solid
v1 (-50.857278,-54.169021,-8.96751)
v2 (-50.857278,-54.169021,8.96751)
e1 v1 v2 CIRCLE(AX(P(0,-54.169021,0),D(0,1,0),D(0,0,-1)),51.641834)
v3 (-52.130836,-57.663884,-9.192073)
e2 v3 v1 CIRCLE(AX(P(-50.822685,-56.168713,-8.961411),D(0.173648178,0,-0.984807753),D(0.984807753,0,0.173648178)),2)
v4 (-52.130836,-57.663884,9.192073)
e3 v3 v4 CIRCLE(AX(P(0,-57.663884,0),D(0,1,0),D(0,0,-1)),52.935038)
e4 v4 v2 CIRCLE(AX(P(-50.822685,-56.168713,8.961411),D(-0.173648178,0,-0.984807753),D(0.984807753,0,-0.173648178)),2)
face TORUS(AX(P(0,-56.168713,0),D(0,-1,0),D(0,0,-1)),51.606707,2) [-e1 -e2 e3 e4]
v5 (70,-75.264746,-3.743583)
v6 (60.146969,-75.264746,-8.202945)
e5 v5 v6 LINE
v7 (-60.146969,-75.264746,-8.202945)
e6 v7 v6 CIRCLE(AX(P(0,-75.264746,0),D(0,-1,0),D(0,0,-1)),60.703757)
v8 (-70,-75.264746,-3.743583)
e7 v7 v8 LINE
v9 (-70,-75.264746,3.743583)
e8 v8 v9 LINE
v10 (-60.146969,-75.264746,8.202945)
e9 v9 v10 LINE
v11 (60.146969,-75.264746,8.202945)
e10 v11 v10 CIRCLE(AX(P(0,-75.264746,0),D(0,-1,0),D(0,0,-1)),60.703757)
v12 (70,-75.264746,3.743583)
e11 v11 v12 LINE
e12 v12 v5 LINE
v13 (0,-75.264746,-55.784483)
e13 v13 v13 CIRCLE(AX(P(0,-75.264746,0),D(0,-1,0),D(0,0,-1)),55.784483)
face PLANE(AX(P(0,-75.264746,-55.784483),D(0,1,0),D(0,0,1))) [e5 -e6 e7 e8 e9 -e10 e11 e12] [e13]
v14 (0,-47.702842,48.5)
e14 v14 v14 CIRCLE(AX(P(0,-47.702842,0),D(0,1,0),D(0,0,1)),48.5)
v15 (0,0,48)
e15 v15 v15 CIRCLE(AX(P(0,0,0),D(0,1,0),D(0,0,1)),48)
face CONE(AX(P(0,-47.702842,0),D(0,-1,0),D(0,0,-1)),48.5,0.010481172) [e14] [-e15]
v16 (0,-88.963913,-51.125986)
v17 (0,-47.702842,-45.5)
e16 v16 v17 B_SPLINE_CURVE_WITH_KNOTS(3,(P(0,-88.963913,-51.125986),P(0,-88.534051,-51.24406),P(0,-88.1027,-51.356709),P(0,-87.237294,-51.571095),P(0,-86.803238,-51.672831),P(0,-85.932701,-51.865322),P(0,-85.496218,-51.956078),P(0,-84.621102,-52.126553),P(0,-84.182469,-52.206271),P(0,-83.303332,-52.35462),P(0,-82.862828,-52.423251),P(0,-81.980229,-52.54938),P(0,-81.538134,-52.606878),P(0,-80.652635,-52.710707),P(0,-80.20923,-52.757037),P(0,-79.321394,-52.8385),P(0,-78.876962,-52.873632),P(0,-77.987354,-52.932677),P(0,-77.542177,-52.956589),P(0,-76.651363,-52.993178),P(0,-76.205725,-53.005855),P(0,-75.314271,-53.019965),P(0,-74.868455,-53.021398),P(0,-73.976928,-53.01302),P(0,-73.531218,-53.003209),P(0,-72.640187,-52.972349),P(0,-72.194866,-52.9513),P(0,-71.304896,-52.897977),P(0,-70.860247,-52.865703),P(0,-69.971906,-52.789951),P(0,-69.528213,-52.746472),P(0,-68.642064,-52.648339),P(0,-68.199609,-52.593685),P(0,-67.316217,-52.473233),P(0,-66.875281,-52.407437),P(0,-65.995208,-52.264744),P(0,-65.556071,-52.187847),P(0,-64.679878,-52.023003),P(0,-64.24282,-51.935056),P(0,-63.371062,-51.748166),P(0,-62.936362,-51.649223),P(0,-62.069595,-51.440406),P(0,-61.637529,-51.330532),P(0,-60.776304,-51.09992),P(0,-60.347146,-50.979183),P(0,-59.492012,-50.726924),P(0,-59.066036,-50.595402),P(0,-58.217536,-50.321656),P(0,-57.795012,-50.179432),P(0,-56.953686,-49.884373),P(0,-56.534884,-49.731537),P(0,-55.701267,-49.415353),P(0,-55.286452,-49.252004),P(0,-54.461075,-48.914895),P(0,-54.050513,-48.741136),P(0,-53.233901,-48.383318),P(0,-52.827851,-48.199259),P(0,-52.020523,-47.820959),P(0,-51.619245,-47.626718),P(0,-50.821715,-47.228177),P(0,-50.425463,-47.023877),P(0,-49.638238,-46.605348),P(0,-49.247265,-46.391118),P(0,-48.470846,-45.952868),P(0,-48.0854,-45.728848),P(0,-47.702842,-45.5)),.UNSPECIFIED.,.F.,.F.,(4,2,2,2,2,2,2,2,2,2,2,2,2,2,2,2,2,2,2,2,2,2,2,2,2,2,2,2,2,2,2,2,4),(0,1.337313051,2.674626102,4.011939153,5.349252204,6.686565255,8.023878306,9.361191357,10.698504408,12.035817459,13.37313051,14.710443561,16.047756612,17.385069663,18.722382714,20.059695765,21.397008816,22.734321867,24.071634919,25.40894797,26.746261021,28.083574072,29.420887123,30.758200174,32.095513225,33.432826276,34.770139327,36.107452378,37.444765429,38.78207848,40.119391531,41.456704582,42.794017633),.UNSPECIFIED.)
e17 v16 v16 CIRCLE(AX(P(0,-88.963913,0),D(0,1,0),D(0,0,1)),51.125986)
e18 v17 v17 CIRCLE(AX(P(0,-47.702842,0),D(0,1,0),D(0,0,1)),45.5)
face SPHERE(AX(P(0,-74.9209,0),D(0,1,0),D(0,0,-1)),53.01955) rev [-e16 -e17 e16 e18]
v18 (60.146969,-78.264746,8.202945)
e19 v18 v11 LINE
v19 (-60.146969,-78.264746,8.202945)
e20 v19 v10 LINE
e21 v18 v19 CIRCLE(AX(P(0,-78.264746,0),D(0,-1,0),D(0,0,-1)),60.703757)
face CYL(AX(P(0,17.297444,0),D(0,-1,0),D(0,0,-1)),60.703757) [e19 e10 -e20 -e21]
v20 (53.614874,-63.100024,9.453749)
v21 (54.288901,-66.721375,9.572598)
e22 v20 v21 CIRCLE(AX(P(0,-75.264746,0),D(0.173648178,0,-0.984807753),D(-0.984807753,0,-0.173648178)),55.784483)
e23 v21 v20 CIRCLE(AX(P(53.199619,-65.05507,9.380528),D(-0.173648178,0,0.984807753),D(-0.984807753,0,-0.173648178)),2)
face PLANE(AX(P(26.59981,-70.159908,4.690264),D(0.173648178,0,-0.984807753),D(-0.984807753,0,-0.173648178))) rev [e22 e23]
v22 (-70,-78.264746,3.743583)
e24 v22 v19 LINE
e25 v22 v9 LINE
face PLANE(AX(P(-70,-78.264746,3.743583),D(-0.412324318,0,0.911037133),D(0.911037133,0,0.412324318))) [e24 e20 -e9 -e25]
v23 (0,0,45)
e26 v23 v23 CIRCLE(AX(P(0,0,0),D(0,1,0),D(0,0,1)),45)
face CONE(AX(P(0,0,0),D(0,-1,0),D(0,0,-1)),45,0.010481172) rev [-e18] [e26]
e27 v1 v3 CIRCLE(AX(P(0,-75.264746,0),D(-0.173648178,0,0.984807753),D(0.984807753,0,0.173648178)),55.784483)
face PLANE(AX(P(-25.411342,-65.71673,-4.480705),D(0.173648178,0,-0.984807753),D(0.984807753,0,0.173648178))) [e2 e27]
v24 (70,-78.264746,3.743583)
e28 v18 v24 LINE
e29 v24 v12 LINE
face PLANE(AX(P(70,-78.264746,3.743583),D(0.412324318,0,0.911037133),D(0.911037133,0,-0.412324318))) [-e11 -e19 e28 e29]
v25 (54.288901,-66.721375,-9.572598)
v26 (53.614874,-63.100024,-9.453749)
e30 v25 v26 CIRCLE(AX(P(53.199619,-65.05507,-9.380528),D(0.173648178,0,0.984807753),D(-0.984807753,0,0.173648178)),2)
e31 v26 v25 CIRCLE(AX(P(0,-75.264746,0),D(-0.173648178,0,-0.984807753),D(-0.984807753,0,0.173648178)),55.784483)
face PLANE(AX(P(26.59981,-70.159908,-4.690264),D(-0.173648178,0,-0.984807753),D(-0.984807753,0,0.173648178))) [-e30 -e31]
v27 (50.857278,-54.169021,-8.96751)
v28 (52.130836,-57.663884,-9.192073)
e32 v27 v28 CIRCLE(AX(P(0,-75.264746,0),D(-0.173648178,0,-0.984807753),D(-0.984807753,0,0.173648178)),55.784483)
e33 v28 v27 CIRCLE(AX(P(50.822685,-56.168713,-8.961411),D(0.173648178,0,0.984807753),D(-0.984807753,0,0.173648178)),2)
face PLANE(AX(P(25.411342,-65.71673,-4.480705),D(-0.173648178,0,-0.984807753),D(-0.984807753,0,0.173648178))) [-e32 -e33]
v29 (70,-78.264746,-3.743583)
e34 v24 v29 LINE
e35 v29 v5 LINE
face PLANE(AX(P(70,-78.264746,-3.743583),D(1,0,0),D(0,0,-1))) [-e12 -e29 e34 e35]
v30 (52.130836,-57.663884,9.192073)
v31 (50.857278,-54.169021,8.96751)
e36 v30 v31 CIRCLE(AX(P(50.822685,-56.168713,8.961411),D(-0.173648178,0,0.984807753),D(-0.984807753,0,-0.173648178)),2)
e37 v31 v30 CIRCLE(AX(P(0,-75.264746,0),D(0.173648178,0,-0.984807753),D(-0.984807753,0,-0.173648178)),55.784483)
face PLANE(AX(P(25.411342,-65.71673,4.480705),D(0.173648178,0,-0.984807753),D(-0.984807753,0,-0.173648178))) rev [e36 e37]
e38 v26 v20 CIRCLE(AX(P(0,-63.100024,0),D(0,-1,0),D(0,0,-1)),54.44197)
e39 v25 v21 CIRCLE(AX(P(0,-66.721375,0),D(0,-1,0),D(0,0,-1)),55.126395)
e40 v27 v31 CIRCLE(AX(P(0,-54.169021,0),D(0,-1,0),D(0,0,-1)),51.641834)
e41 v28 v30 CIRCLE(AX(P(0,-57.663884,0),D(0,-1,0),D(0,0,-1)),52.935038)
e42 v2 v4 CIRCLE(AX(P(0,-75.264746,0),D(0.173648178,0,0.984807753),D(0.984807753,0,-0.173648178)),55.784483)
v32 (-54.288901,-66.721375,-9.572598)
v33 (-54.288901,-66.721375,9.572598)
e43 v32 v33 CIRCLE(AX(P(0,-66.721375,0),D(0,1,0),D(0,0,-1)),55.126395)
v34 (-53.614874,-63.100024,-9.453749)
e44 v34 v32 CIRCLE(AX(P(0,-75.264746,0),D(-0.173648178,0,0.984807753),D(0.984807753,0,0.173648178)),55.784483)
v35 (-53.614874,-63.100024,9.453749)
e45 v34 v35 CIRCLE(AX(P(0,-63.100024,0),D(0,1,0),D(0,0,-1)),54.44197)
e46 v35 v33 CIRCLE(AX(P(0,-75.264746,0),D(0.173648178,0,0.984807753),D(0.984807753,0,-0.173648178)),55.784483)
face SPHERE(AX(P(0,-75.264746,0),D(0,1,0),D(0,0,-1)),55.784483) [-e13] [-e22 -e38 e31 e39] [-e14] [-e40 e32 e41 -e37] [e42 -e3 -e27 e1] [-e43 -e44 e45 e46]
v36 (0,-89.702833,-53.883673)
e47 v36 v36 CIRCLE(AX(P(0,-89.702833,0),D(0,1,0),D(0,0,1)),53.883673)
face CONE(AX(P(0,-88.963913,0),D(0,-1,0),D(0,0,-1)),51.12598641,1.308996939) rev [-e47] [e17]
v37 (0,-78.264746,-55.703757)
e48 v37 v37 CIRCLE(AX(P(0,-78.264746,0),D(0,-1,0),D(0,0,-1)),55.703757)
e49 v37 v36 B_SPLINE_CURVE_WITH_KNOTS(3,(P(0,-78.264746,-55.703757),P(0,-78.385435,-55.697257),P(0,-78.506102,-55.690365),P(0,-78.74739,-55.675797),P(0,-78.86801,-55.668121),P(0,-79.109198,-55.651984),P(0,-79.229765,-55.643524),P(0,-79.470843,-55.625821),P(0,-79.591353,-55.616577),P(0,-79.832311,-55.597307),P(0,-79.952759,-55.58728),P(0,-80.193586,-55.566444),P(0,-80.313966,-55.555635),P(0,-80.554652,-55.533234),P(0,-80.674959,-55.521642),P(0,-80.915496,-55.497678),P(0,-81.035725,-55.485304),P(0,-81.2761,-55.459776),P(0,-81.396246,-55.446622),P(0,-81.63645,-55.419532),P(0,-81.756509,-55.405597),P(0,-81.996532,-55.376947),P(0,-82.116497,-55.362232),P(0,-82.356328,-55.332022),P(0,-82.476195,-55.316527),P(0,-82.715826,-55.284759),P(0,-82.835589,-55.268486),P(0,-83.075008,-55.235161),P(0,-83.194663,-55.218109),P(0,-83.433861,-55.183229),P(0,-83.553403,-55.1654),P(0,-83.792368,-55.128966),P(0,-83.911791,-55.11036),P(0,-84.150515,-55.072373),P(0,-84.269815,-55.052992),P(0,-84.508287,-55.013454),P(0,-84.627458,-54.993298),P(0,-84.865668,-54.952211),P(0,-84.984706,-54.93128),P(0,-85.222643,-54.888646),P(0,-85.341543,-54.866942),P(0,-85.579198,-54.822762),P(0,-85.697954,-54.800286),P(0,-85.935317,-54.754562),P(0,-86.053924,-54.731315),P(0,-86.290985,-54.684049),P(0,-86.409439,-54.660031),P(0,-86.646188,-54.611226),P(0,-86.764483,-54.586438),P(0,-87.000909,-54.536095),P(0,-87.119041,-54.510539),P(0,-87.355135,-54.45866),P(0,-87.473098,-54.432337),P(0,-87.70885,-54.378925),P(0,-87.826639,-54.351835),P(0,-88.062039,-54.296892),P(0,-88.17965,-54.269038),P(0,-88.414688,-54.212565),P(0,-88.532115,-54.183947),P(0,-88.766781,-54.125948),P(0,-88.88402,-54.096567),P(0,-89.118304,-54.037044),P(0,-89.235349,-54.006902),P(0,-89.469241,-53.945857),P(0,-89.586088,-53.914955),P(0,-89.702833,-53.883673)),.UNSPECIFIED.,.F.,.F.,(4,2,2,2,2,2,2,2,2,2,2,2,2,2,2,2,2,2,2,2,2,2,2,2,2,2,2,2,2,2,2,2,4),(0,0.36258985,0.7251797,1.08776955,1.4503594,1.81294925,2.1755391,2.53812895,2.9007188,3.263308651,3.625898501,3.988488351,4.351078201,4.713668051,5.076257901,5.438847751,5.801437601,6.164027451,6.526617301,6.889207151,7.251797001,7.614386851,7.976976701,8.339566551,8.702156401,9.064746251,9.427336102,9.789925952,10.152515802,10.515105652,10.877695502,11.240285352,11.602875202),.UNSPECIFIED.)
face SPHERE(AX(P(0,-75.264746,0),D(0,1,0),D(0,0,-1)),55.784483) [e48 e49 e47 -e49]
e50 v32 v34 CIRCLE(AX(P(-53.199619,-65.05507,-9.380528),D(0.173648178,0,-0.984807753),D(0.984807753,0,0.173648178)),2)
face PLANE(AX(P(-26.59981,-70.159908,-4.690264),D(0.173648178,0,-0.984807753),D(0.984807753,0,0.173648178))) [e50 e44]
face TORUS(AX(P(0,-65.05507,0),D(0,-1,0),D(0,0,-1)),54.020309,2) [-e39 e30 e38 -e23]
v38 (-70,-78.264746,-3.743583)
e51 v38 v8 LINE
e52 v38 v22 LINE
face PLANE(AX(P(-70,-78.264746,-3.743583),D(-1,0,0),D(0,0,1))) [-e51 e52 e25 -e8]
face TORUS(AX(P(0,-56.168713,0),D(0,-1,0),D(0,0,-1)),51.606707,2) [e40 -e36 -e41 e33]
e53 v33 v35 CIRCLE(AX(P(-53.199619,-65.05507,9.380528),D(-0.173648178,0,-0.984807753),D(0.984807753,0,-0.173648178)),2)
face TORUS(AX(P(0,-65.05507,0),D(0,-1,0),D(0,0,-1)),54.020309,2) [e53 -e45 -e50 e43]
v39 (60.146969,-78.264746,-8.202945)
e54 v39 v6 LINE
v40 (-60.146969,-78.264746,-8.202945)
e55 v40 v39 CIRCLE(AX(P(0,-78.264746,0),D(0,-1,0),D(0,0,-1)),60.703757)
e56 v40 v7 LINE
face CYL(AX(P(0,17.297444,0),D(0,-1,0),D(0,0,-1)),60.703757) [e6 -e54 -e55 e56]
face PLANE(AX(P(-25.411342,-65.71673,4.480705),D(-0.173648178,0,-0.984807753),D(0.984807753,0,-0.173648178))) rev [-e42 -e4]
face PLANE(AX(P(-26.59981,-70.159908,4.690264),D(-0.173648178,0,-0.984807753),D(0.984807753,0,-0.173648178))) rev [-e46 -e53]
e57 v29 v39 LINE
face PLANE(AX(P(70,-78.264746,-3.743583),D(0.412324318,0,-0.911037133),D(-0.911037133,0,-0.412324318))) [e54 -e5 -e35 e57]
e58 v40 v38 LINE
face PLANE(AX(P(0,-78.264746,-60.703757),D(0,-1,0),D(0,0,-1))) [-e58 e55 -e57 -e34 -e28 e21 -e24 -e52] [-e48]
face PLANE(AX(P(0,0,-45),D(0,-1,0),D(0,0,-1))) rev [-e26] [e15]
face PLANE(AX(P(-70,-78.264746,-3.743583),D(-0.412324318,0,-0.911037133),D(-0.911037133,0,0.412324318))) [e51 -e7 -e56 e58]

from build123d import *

# Parameters (mm, degrees)
BOSS_EXTRUDE1_DEPTH = 3
REVOLVE3_ANGLE      = 20


with BuildPart() as part:
    # Sketch2 → Revolve1 (revolve)
    with BuildSketch(Plane(origin=(0, 0, 0), x_dir=(0, 0, -1), z_dir=(1, 0, 0))):
        with BuildLine():
            Line((45.5, -47.702841719), (45, 0))
            Line((45, 0), (48, 0))
            Line((48, 0), (48.5, -47.702841719))
            ThreePointArc((48.5, -47.702841719), (55.331762509, -68.172170296), (53.883673101, -89.702832813))
            Line((53.883673101, -89.702832813), (51.12598641, -88.963912891))
            ThreePointArc((51.12598641, -88.963912891), (52.533458966, -67.757912773), (45.5, -47.702841719))
        make_face()
    revolve(axis=Axis((0, 50.355486862, 0), (0, -1, 0)))

    # Sketch3 → Revolve2 (revolve)
    with BuildSketch(Plane(origin=(0, 0, 0), x_dir=(0, 0, -1), z_dir=(1, 0, 0))):
        with BuildLine():
            Line((55.784483274, -75.26474612), (60.703757272, -75.26474612))
            Line((60.703757272, -75.26474612), (60.703757272, -78.26474612))
            Line((60.703757272, -78.26474612), (55.703757272, -78.26474612))
            ThreePointArc((55.703757272, -78.26474612), (55.764298122, -76.765289079), (55.784483274, -75.26474612))
        make_face()
    revolve(axis=Axis((0, -123.209470333, 0), (0, 1, 0)))

    # Sketch4 → Boss-Extrude1 (add)
    with BuildSketch(Plane(origin=(0, -75.26474612, 0), x_dir=(1, 0, 0), z_dir=(0, 1, 0))):
        with BuildLine():
            Line((70, 3.743582594), (70, -3.743582594))
            Line((70, -3.743582594), (60.146968721, -8.20294463))
            ThreePointArc((60.146968721, -8.20294463), (60.703757272, 0), (60.146968721, 8.20294463))
            Line((60.146968721, 8.20294463), (70, 3.743582594))
        make_face()
        with BuildLine():
            Line((-70, -3.743582594), (-60.146968721, -8.20294463))
            ThreePointArc((-60.146968721, -8.20294463), (-60.703757272, 0), (-60.146968721, 8.20294463))
            Line((-60.146968721, 8.20294463), (-70, 3.743582594))
            Line((-70, 3.743582594), (-70, -3.743582594))
        make_face()
    extrude(amount=-BOSS_EXTRUDE1_DEPTH)

    # Sketch5 → Revolve3 (revolve, symmetric)
    with BuildSketch(Plane.XY) as revolve3_sk:
        with BuildLine():
            ThreePointArc((51.641833573, -54.16902145), (53.482411948, -55.474645579), (52.935037783, -57.66388395))
            ThreePointArc((52.935037783, -57.66388395), (52.3176263, -55.905651292), (51.641833573, -54.16902145))
        make_face()
        with BuildLine():
            ThreePointArc((54.441970224, -63.100024488), (55.985518381, -64.683651003), (55.126394669, -66.721375297))
            ThreePointArc((55.126394669, -66.721375297), (54.814096651, -64.905046197), (54.441970224, -63.100024488))
        make_face()
    revolve3 = revolve(axis=Axis((0, -123.209470333, 0), (0, 1, 0)), revolution_arc=REVOLVE3_ANGLE / 2)
    revolve3 = revolve3 + revolve(revolve3_sk.sketch, axis=Axis((0, -123.209470333, 0), (0, -1, 0)), revolution_arc=REVOLVE3_ANGLE / 2)

    # Mirror1: Revolve3 across plane
    add(revolve3.mirror(Plane(origin=(0, 0, 0), x_dir=(0, 0, 1), z_dir=(1, 0, 0))))


solid = part.part
